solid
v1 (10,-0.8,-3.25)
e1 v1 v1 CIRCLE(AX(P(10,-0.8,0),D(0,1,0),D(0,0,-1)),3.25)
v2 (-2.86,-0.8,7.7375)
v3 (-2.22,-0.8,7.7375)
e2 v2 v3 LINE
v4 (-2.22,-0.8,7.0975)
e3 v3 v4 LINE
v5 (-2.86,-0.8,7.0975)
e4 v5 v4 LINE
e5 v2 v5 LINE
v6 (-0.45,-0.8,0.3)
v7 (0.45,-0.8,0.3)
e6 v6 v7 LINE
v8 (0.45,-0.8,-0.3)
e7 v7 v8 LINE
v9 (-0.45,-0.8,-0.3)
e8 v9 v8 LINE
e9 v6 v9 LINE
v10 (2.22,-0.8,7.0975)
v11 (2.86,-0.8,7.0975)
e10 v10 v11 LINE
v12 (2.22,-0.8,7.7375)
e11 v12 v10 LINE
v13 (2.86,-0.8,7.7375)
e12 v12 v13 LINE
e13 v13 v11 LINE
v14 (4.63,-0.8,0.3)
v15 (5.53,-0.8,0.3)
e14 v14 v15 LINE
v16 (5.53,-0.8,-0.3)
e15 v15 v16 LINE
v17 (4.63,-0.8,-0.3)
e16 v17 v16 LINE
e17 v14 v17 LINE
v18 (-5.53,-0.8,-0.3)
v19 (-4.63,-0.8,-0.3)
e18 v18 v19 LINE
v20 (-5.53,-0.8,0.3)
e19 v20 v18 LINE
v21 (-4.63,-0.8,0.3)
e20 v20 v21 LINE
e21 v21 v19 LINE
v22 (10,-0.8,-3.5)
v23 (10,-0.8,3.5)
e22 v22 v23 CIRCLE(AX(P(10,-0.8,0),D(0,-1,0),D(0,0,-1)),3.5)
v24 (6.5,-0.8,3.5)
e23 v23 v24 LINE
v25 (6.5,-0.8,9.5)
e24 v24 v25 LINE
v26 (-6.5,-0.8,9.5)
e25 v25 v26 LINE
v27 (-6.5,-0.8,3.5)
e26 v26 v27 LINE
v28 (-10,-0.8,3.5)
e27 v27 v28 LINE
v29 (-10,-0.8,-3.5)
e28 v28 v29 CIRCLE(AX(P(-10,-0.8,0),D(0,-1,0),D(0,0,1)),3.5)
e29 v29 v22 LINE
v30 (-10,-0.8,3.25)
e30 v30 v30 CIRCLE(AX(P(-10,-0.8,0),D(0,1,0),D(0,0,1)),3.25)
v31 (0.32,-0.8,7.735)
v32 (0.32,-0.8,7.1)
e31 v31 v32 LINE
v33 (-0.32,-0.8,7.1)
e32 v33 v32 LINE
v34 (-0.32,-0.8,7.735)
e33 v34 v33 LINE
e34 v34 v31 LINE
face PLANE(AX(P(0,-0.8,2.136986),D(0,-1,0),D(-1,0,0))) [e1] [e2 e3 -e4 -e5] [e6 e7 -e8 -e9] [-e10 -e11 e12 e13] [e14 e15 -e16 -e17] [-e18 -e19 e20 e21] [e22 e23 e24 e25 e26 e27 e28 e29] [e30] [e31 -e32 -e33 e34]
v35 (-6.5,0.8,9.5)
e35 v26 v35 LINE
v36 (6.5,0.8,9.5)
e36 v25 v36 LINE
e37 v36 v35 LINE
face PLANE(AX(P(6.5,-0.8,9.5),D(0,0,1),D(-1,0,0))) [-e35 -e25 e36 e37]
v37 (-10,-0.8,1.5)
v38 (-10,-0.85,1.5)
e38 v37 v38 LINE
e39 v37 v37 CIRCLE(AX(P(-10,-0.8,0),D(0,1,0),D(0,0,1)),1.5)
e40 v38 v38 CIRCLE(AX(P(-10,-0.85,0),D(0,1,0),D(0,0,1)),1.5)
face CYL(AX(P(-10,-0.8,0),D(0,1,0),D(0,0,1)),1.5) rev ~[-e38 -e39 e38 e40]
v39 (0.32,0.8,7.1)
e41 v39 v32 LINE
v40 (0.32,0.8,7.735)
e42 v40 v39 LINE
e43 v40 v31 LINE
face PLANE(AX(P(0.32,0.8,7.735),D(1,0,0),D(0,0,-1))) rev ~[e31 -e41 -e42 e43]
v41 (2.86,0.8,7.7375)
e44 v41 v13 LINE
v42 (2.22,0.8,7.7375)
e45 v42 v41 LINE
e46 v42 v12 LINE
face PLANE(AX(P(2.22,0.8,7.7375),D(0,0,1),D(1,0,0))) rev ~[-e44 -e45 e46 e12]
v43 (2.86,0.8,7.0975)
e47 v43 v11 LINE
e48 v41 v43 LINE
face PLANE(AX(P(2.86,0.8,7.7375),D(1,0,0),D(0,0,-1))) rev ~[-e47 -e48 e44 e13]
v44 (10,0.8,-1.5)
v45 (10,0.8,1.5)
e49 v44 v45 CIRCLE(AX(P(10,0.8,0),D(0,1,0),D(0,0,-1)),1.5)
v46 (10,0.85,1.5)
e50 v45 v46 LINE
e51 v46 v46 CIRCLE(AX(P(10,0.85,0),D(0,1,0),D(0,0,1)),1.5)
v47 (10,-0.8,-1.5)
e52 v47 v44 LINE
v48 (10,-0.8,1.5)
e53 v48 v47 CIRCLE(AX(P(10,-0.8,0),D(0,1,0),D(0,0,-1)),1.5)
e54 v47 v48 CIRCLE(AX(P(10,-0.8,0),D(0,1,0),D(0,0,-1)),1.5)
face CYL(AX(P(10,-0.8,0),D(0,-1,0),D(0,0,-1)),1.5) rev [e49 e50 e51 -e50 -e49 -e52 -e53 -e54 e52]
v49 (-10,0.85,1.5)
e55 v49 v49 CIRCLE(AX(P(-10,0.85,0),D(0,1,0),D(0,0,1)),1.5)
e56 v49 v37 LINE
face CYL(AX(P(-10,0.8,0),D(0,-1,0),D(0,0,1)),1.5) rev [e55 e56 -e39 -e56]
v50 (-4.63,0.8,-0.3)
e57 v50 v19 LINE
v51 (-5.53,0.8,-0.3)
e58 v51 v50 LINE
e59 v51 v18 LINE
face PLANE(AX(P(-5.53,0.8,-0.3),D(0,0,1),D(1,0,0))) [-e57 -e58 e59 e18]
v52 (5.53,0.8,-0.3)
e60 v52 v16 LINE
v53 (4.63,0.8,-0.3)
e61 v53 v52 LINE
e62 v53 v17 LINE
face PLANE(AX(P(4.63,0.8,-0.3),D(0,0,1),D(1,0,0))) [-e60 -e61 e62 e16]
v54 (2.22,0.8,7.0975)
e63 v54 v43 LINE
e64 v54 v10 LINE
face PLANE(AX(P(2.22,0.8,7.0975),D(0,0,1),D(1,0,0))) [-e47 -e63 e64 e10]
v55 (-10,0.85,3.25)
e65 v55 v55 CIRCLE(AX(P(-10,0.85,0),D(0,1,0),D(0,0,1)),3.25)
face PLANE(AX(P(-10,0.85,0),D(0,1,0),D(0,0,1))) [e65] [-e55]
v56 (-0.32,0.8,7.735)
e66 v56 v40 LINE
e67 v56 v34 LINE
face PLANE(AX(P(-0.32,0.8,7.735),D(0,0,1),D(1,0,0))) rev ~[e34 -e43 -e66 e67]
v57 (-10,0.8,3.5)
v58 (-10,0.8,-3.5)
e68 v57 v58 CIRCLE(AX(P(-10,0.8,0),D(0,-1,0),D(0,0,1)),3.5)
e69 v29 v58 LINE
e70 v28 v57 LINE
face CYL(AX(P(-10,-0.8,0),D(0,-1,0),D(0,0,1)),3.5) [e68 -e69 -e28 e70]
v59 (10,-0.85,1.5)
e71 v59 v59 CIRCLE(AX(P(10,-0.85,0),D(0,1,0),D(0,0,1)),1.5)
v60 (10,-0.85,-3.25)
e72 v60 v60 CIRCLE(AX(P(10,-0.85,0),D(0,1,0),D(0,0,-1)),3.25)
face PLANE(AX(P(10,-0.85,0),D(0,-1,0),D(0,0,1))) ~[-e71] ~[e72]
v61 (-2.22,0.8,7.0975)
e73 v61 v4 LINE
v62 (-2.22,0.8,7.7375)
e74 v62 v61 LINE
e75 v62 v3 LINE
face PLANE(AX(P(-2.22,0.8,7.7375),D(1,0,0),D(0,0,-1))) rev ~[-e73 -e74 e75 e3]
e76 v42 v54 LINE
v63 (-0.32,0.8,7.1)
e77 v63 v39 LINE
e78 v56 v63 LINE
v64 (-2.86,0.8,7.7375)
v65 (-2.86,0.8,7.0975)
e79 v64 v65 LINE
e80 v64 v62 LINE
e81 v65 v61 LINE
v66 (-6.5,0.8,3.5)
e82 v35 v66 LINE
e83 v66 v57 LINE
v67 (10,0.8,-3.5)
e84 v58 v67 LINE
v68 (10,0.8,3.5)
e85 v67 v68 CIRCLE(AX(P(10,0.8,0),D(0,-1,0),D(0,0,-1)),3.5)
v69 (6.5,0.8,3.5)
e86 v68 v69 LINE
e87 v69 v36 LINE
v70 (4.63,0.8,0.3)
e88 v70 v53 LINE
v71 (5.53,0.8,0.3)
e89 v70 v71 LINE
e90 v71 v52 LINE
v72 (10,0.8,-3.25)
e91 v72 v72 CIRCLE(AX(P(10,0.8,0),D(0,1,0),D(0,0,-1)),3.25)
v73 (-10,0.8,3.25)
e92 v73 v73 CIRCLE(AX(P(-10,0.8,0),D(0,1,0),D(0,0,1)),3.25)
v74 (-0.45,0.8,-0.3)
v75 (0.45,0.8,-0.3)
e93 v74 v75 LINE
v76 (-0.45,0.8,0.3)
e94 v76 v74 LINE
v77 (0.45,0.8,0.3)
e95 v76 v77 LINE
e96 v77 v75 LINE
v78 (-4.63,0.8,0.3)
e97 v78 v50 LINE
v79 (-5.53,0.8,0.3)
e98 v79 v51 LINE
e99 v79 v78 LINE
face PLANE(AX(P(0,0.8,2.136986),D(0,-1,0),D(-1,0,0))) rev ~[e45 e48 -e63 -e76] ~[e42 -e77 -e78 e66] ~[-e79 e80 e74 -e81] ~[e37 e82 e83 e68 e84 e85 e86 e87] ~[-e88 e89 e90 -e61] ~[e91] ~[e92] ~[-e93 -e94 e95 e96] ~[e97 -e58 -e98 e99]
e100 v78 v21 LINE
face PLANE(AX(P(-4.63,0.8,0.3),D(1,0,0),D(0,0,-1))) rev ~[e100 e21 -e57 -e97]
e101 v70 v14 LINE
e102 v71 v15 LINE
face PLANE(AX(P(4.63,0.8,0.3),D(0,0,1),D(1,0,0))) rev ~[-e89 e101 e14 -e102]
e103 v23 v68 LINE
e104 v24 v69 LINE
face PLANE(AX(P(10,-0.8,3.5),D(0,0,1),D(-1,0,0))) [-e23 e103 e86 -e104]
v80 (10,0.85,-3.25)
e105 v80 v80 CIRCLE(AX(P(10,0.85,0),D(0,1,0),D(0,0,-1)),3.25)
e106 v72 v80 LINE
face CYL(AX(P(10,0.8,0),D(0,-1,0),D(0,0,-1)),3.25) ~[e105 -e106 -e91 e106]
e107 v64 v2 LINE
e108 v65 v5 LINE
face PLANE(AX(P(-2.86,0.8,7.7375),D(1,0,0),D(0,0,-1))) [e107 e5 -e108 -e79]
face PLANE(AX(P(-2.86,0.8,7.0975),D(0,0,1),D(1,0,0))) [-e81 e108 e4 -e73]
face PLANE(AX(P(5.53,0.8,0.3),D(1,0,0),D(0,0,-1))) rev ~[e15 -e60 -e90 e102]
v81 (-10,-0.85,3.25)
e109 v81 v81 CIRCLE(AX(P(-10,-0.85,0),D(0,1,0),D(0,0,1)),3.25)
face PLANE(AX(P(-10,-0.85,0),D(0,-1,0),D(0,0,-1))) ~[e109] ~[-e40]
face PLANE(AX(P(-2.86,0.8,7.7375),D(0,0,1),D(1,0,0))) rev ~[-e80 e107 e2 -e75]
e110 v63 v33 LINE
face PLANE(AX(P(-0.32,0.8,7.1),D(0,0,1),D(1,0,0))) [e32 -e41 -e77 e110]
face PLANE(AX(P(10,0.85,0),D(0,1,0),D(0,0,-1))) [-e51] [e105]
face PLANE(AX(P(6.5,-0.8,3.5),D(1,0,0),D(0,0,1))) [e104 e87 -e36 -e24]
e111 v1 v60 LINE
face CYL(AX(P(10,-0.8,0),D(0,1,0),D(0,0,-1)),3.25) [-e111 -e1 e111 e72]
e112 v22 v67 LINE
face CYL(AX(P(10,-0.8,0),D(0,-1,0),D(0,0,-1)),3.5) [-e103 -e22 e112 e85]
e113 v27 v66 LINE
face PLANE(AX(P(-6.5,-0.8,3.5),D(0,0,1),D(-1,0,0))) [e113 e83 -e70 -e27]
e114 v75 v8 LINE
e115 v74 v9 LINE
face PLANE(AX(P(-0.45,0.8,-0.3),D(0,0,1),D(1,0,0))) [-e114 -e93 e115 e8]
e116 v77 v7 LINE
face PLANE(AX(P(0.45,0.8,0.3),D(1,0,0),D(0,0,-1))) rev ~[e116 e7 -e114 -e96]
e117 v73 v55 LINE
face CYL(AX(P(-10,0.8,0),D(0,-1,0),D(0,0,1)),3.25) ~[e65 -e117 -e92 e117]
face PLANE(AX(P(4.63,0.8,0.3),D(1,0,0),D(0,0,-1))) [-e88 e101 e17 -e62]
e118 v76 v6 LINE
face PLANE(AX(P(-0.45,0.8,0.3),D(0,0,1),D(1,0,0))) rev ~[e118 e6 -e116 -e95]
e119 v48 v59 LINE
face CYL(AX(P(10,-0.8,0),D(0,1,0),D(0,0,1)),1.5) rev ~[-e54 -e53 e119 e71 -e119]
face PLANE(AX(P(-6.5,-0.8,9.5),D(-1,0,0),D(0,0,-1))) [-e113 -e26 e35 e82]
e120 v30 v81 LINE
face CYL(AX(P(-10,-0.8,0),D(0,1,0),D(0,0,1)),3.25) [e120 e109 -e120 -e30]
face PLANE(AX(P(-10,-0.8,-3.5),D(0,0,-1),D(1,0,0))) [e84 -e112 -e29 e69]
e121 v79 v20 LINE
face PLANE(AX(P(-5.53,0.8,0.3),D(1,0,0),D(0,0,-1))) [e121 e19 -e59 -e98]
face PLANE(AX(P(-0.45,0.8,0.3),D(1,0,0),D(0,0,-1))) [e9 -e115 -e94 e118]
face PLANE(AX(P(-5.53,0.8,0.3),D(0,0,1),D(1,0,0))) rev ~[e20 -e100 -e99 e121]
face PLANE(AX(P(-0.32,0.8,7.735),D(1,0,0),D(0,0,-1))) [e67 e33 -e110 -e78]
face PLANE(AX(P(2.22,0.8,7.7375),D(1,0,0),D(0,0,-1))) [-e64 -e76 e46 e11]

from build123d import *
from build123d.topology import SkipClean

# Parameters (mm, degrees)
BOSS_EXTRUDE1_DEPTH      = 0.8
BOSS_EXTRUDE1_DEPTH_BACK = 0.8
SKETCH1_R                = 1.5
SKETCH4_R                = 3.25
SKETCH4_R_2              = 1.5
BOSS_EXTRUDE4_DEPTH      = 0.05
SKETCH5_W                = 0.64
SKETCH5_H                = 0.635
SKETCH5_H_2              = 0.64
CUT_EXTRUDE1_DEPTH       = 1.6
SKETCH6_W                = 0.9
SKETCH6_H                = 0.6
CUT_EXTRUDE2_DEPTH       = 1.6


with BuildPart() as part:
    # Sketch1 → Boss-Extrude1 (new, two sides: drawn at the far end of the back side and taken through both)
    with BuildSketch(Plane(origin=(0, 0, 0), x_dir=(1, 0, 0), z_dir=(0, 1, 0)).offset(-BOSS_EXTRUDE1_DEPTH_BACK)):
        with BuildLine():
            Line((-10, 3.5), (10, 3.5))
            ThreePointArc((10, 3.5), (13.5, 0), (10, -3.5))
            Line((10, -3.5), (6.5, -3.5))
            Line((6.5, -3.5), (6.5, -9.5))
            Line((6.5, -9.5), (-6.5, -9.5))
            Line((-6.5, -9.5), (-6.5, -3.5))
            Line((-6.5, -3.5), (-10, -3.5))
            ThreePointArc((-10, -3.5), (-13.5, 0), (-10, 3.5))
        make_face()
        with Locations(Location((-10, 0, 0), (0, 0, 270))):
            Circle(SKETCH1_R, mode=Mode.SUBTRACT)
        with Locations(Location((10, 0, 0), (0, 0, 90))):
            Circle(SKETCH1_R, mode=Mode.SUBTRACT)
    extrude(amount=BOSS_EXTRUDE1_DEPTH + BOSS_EXTRUDE1_DEPTH_BACK)

    # Sketch4 → Boss-Extrude4 (add)
    # profile 1 of 2: a face of its own
    with BuildSketch(Plane(origin=(0, 0.8, 0), x_dir=(1, 0, 0), z_dir=(0, 1, 0))):
        with Locations(Location((-10, 0, 0), (0, 0, 270))):
            Circle(SKETCH4_R)
        with Locations(Location((-10, 0, 0), (0, 0, 270))):
            Circle(SKETCH4_R_2, mode=Mode.SUBTRACT)
    # profile 2 of 2: a face of its own
    with BuildSketch(Plane(origin=(0, 0.8, 0), x_dir=(1, 0, 0), z_dir=(0, 1, 0))):
        with Locations(Location((10, 0, 0), (0, 0, 90))):
            Circle(SKETCH4_R)
        with Locations(Location((10, 0, 0), (0, 0, 270))):
            Circle(SKETCH4_R_2, mode=Mode.SUBTRACT)
    boss_extrude4 = extrude(amount=BOSS_EXTRUDE4_DEPTH)

    # Mirror1: Boss-Extrude4 across plane
    with SkipClean():  # the faces are left unmerged after this step: merging them gives an invalid solid
        add(boss_extrude4.mirror(Plane.ZX))

    # Sketch5 → Cut-Extrude1 (cut)
    with SkipClean():  # the faces are left unmerged after this step: merging them gives an invalid solid
        with BuildSketch(Plane(origin=(0, 0.8, 0), x_dir=(1, 0, 0), z_dir=(0, 1, 0))):
            with Locations((0, -7.4175)):
                Rectangle(SKETCH5_W, SKETCH5_H)
            with Locations((-2.54, -7.4175)):
                Rectangle(SKETCH5_W, SKETCH5_H_2)
            with Locations((2.54, -7.4175)):
                Rectangle(SKETCH5_W, SKETCH5_H_2)
        extrude(amount=-CUT_EXTRUDE1_DEPTH, mode=Mode.SUBTRACT)

    # Sketch6 → Cut-Extrude2 (cut)
    with SkipClean():  # the faces are left unmerged after this step: merging them gives an invalid solid
        with BuildSketch(Plane(origin=(0, 0.8, 0), x_dir=(1, 0, 0), z_dir=(0, 1, 0))):
            Rectangle(SKETCH6_W, SKETCH6_H)
            with Locations((-5.08, 0)):
                Rectangle(SKETCH6_W, SKETCH6_H)
            with Locations((5.08, 0)):
                Rectangle(SKETCH6_W, SKETCH6_H)
        extrude(amount=-CUT_EXTRUDE2_DEPTH, mode=Mode.SUBTRACT)


solid = part.part
